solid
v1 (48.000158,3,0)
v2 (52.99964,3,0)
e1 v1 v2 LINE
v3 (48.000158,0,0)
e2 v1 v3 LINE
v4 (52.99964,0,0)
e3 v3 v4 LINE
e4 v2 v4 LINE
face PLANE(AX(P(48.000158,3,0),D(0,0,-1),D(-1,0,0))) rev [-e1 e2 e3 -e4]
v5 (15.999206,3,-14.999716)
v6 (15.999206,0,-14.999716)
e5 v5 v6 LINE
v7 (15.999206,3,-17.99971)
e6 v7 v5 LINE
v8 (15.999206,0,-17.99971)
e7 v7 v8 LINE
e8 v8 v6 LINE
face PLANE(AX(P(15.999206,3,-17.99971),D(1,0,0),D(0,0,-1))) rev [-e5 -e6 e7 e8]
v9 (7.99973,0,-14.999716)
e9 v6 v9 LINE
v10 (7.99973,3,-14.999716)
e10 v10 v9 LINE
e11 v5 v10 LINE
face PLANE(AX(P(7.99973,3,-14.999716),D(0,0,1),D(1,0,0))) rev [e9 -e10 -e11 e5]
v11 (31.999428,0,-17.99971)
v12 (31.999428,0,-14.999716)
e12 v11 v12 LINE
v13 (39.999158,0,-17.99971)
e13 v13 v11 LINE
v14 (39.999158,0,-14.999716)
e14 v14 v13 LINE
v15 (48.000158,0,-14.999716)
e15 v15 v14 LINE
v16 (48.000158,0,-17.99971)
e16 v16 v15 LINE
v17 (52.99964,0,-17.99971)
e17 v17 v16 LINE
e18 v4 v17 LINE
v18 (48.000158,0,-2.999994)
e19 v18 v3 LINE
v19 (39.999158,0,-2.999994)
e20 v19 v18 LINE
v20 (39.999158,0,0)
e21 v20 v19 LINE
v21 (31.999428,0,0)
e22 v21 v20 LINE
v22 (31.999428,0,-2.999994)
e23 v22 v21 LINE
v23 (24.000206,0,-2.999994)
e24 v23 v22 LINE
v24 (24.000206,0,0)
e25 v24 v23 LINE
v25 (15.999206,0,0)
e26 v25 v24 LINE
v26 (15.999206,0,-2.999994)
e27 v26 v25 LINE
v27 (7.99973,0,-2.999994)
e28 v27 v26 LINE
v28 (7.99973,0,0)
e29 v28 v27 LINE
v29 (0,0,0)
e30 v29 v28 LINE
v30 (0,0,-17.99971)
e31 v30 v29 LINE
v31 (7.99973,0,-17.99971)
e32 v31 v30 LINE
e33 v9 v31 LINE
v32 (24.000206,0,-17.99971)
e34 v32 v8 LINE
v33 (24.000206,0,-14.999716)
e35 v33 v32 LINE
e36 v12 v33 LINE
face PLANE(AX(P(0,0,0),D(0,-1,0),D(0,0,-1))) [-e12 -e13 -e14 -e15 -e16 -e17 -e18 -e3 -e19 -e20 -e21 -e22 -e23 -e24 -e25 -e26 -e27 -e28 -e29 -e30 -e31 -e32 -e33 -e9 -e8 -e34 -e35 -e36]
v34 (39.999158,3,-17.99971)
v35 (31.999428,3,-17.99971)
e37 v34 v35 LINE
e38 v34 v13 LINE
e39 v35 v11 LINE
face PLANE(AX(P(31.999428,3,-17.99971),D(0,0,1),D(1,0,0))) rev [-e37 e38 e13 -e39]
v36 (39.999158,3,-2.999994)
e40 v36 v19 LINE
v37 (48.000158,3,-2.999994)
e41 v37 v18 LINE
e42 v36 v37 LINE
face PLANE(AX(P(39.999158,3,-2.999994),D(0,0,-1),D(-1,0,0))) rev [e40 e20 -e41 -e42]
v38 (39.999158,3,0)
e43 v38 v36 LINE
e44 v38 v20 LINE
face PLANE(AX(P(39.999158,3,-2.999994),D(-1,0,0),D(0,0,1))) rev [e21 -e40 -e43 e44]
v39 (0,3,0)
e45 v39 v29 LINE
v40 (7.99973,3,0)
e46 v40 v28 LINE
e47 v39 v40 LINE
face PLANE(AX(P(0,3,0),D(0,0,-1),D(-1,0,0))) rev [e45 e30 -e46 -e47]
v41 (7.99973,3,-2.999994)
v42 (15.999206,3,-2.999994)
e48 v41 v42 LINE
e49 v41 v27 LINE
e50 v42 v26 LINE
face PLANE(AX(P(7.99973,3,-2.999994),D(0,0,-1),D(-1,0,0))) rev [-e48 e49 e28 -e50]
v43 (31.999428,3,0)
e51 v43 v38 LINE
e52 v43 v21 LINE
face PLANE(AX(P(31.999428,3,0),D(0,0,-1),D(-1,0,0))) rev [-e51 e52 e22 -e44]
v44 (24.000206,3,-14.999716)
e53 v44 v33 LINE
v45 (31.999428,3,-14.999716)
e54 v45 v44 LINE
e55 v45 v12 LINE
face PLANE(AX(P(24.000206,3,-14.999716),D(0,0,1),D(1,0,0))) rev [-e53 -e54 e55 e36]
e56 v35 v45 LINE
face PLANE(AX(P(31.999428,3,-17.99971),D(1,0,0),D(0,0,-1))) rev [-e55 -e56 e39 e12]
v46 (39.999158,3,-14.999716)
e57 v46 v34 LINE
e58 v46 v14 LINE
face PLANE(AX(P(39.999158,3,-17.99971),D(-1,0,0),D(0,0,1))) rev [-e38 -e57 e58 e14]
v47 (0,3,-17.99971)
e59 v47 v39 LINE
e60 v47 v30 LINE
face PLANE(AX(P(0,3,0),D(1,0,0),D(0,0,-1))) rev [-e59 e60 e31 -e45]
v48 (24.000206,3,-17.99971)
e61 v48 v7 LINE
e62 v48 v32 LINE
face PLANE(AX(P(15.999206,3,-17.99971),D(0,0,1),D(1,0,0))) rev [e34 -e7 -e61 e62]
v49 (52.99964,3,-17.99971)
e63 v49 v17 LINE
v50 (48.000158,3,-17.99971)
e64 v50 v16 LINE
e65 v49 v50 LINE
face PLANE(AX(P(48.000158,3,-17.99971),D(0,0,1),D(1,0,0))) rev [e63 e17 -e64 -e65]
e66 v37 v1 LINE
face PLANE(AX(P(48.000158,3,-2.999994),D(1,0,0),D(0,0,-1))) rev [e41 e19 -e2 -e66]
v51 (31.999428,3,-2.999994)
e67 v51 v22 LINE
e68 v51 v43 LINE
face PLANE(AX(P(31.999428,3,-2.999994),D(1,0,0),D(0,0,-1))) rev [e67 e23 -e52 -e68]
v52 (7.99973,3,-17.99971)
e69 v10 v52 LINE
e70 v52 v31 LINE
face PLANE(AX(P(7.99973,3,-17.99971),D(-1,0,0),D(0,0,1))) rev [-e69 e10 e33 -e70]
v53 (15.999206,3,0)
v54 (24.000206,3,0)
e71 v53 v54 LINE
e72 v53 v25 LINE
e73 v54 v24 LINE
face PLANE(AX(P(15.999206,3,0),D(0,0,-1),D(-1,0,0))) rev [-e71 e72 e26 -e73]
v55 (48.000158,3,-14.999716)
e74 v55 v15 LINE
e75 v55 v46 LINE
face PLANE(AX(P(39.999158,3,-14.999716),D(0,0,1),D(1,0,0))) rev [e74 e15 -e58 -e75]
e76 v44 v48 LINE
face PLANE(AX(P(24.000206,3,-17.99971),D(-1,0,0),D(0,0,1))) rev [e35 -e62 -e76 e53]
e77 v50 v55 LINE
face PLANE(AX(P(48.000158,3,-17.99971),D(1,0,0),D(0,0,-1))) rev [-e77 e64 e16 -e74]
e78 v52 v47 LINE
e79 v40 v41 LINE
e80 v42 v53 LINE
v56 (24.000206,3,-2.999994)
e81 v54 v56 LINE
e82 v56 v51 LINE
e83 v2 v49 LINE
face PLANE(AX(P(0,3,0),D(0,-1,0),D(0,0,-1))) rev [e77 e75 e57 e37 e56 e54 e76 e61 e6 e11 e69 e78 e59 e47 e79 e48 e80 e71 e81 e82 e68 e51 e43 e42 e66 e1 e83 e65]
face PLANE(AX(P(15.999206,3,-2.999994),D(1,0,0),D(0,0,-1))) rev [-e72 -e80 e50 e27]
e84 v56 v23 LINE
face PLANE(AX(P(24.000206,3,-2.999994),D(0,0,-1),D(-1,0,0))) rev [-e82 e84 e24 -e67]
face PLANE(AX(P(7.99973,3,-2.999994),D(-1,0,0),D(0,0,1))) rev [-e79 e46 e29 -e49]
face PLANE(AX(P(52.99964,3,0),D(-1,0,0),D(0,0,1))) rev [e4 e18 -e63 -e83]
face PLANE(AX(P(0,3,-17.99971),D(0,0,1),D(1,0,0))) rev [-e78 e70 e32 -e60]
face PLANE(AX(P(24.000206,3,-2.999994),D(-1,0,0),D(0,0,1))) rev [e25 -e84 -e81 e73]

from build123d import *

# Parameters (mm, degrees)
AUFSATZ_LINEAR_AUSTRAGEN1_DEPTH = 3


with BuildPart() as part:
    # Skizze1 → Aufsatz-Linear austragen1 (new body)
    with BuildSketch(Plane(origin=(0, 0, 0), x_dir=(1, 0, 0), z_dir=(0, 1, 0))):
        Polygon((0, 0), (7.99973, 0), (7.99973, 2.999994), (15.999206, 2.999994), (15.999206, 0), (24.000206, 0), (24.000206, 2.999994), (31.999428, 2.999994), (31.999428, 0), (39.999158, 0), (39.999158, 2.999994), (48.000158, 2.999994), (48.000158, 0), (52.99964, 0), (52.99964, 17.99971), (48.000158, 17.99971), (48.000158, 14.999716), (39.999158, 14.999716), (39.999158, 17.99971), (31.999428, 17.99971), (31.999428, 14.999716), (24.000206, 14.999716), (24.000206, 17.99971), (15.999206, 17.99971), (15.999206, 14.999716), (7.99973, 14.999716), (7.99973, 17.99971), (0, 17.99971), align=None)
    extrude(amount=AUFSATZ_LINEAR_AUSTRAGEN1_DEPTH)


solid = part.part
